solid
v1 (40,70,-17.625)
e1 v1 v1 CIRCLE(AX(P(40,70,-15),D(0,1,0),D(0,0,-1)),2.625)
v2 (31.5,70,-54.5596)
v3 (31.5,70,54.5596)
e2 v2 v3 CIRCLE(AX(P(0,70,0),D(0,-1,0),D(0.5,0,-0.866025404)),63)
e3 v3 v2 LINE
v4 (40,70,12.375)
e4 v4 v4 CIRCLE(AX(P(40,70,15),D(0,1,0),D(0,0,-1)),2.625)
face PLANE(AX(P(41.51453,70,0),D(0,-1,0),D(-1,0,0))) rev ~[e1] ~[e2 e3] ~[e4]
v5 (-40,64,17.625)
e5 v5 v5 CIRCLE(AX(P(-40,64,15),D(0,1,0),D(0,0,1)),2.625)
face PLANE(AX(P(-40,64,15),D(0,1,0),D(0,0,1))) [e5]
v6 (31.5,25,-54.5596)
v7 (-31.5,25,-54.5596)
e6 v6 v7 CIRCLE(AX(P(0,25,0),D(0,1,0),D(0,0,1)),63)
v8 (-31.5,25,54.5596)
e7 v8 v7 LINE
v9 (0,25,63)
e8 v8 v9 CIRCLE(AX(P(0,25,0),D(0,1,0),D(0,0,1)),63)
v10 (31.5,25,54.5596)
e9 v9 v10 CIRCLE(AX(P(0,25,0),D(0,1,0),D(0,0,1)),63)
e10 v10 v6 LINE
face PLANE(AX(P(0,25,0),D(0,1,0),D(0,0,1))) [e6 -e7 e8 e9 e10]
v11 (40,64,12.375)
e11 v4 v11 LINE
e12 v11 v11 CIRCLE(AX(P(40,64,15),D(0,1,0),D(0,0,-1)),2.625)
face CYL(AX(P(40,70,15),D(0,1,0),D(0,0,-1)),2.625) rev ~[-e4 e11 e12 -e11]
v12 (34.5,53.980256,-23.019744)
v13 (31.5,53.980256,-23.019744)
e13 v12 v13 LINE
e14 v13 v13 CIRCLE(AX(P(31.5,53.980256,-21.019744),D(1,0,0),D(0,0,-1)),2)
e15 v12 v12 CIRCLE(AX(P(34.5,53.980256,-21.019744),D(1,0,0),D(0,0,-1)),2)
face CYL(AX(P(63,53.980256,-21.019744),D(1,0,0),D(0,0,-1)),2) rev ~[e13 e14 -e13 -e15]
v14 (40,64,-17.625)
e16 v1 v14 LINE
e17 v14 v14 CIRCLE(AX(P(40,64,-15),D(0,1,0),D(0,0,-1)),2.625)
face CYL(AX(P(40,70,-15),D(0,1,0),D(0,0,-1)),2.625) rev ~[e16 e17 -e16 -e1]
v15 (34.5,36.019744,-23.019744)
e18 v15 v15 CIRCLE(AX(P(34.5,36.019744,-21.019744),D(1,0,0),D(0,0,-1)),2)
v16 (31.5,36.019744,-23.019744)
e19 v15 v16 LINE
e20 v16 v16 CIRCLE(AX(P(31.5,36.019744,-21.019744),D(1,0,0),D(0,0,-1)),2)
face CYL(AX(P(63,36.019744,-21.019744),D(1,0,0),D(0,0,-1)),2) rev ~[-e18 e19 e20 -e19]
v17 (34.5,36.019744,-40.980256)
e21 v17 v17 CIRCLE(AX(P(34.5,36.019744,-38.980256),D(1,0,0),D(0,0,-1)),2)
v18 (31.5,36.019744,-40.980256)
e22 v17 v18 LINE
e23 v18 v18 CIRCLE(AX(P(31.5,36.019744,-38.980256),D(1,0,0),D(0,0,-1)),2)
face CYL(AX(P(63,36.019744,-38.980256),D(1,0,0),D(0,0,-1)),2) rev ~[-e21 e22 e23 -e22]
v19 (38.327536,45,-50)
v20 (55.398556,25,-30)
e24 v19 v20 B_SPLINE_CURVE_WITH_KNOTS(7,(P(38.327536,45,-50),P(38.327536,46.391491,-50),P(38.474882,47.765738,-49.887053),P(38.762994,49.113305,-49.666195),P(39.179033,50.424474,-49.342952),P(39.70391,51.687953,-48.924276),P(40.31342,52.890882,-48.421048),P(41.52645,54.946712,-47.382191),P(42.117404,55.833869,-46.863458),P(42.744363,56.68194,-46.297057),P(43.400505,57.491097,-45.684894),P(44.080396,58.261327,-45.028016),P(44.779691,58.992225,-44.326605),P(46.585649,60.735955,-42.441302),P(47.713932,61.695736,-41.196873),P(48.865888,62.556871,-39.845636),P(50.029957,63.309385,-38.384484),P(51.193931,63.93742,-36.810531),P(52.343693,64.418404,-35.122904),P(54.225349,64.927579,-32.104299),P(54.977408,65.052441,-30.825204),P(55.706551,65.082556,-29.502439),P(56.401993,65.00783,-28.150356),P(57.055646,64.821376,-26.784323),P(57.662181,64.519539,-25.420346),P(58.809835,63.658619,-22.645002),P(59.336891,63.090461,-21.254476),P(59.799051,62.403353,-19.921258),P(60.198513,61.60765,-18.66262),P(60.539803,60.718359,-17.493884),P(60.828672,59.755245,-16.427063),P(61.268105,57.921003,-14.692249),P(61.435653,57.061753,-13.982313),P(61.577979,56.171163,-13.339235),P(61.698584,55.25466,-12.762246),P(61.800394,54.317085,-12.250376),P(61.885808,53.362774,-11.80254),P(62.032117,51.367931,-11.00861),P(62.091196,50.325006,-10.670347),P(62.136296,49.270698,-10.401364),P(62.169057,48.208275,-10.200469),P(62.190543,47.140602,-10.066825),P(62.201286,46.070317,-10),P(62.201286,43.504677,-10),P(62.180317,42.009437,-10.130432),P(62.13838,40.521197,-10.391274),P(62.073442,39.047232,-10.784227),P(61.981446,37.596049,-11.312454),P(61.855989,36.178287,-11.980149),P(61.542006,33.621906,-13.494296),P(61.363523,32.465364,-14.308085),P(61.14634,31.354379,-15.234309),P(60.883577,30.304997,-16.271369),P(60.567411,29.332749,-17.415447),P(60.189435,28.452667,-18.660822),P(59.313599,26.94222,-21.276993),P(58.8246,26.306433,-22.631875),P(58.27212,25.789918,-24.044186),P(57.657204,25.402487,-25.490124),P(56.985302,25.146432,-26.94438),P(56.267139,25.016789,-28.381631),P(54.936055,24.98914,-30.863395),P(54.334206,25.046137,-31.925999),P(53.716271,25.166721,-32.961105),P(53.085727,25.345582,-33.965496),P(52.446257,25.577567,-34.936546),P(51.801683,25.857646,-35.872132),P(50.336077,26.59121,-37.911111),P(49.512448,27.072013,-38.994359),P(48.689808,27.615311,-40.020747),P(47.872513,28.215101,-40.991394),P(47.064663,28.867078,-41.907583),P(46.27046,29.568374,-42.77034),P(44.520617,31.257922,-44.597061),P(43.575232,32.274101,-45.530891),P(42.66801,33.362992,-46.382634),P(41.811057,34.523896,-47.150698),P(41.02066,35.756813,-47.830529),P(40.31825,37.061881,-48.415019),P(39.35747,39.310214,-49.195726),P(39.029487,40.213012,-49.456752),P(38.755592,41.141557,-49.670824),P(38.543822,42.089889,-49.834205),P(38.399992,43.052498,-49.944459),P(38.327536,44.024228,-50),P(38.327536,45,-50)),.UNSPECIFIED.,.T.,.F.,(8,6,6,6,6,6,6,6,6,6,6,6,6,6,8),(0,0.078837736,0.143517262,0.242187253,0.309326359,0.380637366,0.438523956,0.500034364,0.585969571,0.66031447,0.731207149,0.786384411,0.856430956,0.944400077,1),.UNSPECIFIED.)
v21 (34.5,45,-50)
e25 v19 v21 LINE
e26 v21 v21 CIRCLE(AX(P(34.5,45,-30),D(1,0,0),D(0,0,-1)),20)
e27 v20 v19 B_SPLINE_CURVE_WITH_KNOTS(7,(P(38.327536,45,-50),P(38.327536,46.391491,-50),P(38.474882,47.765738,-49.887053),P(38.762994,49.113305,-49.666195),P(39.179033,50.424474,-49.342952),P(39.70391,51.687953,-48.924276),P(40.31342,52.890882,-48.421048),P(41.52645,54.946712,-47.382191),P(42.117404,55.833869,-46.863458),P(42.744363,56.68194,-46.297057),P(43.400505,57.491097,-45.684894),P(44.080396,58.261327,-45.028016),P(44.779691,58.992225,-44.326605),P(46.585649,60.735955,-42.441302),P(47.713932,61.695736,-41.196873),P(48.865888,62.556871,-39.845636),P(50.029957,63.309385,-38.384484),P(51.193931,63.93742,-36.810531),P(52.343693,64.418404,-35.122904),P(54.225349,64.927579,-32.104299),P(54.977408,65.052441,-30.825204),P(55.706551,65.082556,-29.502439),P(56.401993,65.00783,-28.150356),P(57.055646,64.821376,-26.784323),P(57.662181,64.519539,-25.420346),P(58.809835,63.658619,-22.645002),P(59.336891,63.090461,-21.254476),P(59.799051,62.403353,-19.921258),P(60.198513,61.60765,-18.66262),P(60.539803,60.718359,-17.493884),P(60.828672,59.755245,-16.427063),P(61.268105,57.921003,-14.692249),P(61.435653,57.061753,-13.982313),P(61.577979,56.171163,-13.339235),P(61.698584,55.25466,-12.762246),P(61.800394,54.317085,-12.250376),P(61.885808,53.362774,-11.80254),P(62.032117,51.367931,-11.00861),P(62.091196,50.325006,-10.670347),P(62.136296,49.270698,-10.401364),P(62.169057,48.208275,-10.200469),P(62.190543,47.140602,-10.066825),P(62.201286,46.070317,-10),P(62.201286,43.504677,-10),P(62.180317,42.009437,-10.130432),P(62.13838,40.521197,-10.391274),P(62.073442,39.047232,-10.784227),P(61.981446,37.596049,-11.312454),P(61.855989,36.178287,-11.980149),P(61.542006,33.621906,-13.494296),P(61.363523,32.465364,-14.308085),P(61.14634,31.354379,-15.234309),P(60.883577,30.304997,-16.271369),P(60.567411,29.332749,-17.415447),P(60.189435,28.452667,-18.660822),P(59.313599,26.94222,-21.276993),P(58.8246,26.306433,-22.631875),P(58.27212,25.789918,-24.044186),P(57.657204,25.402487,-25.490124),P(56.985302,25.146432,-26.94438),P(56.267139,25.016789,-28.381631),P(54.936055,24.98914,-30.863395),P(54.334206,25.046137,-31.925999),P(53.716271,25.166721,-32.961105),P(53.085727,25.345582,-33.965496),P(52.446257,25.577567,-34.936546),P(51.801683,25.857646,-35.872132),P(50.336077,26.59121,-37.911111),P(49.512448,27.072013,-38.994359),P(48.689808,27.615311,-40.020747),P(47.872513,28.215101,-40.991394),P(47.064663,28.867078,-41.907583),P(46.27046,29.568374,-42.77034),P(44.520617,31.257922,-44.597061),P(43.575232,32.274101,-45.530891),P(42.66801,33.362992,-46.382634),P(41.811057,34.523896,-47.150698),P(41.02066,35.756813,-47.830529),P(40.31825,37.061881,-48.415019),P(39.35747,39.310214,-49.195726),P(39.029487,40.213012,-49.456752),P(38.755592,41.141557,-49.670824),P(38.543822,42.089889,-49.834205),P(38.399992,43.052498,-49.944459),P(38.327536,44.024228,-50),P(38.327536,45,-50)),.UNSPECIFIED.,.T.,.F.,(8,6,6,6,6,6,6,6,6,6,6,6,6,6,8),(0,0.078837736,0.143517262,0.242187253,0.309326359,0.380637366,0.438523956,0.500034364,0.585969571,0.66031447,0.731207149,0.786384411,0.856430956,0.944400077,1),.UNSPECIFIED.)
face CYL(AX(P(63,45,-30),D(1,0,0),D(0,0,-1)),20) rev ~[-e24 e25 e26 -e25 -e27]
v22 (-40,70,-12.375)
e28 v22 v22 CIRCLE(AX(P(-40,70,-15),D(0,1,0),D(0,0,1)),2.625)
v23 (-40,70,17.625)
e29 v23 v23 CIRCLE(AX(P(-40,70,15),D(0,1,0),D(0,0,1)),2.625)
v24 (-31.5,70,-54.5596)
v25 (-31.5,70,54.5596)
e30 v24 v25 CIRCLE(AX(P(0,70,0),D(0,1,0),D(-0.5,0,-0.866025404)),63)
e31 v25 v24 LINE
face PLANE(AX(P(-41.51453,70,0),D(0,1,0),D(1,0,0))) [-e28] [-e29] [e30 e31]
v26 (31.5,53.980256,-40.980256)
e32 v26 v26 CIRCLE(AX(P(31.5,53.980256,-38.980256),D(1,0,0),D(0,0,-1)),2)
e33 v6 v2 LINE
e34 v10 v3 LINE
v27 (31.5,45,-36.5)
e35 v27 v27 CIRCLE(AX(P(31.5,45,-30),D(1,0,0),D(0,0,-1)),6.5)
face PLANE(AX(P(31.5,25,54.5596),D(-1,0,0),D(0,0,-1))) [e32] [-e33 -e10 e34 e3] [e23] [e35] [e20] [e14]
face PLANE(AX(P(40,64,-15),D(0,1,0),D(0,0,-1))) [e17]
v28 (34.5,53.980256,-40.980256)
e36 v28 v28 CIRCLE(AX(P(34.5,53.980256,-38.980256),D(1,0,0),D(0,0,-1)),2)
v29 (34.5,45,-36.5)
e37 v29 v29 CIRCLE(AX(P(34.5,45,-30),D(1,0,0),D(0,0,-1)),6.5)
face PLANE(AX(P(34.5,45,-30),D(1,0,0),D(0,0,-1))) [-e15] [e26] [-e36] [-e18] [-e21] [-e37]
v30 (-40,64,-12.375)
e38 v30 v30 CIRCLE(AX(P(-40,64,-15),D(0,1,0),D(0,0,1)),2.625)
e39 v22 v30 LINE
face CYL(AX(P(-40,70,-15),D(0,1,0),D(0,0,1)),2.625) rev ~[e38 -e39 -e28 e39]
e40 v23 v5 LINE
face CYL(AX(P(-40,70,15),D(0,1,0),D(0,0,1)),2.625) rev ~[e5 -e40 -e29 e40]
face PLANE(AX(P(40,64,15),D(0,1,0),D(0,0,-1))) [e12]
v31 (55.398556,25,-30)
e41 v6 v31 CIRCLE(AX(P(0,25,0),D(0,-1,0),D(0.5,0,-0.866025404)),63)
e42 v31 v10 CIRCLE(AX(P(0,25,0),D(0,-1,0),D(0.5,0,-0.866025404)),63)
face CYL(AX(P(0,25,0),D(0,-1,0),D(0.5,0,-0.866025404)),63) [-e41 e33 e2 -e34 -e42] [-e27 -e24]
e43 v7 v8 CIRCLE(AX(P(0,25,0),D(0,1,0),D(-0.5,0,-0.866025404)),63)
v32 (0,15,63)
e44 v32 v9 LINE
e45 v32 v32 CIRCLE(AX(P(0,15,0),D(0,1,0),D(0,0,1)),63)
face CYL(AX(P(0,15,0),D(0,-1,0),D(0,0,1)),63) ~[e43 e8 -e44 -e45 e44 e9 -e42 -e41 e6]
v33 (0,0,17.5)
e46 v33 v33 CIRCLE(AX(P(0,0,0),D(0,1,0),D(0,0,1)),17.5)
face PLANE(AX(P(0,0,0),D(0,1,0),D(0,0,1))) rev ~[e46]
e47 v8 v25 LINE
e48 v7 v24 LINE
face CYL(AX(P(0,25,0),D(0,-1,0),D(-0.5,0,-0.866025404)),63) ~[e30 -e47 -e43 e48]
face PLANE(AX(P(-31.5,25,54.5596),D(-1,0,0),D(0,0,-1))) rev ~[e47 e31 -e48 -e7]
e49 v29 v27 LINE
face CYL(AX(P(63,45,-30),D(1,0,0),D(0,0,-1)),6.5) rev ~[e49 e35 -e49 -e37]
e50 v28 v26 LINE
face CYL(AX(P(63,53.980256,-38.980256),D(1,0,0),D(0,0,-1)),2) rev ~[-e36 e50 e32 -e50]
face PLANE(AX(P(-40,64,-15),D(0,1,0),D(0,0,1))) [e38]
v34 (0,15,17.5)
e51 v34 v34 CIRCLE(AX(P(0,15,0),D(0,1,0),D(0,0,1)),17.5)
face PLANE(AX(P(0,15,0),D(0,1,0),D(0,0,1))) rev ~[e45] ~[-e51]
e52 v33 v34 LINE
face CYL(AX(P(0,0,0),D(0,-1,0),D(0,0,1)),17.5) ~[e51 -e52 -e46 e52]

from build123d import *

# Parameters (mm, degrees)
SKETCH1_R           = 17.5
BOSS_EXTRUDE1_DEPTH = 15
SKETCH2_R           = 63
BOSS_EXTRUDE2_DEPTH = 10
BOSS_EXTRUDE3_DEPTH = 45
SKETCH5_R           = 2.625
CUT_EXTRUDE1_DEPTH  = 6
SKETCH7_R           = 20
CUT_EXTRUDE2_DEPTH  = 28.5
SKETCH9_R           = 2
SKETCH9_R_2         = 6.5
CUT_EXTRUDE3_DEPTH  = 31.5


with BuildPart() as part:
    # Sketch1 → Boss-Extrude1 (new body)
    with BuildSketch(Plane(origin=(0, 0, 0), x_dir=(1, 0, 0), z_dir=(0, 1, 0))):
        with Locations(Location((0, 0, 0), (0, 0, 270))):
            Circle(SKETCH1_R)
    extrude(amount=BOSS_EXTRUDE1_DEPTH)

    # Sketch2 → Boss-Extrude2 (add)
    with BuildSketch(Plane(origin=(0, 15, 0), x_dir=(1, 0, 0), z_dir=(0, 1, 0))):
        with Locations(Location((0, 0, 0), (0, 0, 270))):
            Circle(SKETCH2_R)
    extrude(amount=BOSS_EXTRUDE2_DEPTH)

    # Sketch4 → Boss-Extrude3 (add)
    with BuildSketch(Plane(origin=(0, 25, 0), x_dir=(1, 0, 0), z_dir=(0, 1, 0))):
        with BuildLine():
            Line((-31.5, 44), (-31.5, 54.559600438))
            ThreePointArc((-31.5, 54.559600438), (-63, 0), (-31.5, -54.559600438))
            Line((-31.5, -54.559600438), (-31.5, -44))
            Line((-31.5, -44), (-31.5, 44))
        make_face()
        with BuildLine():
            Line((31.5, -44), (31.5, 44))
            Line((31.5, 44), (31.5, 54.559600438))
            ThreePointArc((31.5, 54.559600438), (63, 0), (31.5, -54.559600438))
            Line((31.5, -54.559600438), (31.5, -44))
        make_face()
    extrude(amount=BOSS_EXTRUDE3_DEPTH)

    # Sketch5 → Cut-Extrude1 (cut)
    with BuildSketch(Plane(origin=(0, 70, 0), x_dir=(1, 0, 0), z_dir=(0, 1, 0))):
        with Locations(Location((-40, 15, 0), (0, 0, 270))):
            Circle(SKETCH5_R)
        with Locations(Location((-40, -15, 0), (0, 0, 270))):
            Circle(SKETCH5_R)
        with Locations(Location((40, -15, 0), (0, 0, 90))):
            Circle(SKETCH5_R)
        with Locations(Location((40, 15, 0), (0, 0, 90))):
            Circle(SKETCH5_R)
    extrude(amount=-CUT_EXTRUDE1_DEPTH, mode=Mode.SUBTRACT)

    # Sketch7 → Cut-Extrude2 (cut)
    with BuildSketch(Plane(origin=(63, 0, 0), x_dir=(0, 0, -1), z_dir=(1, 0, 0))):
        with Locations((30, 45)):
            Circle(SKETCH7_R)
    extrude(amount=-CUT_EXTRUDE2_DEPTH, mode=Mode.SUBTRACT)

    # Sketch9 → Cut-Extrude3 (cut)
    with BuildSketch(Plane(origin=(63, 0, 0), x_dir=(0, 0, -1), z_dir=(1, 0, 0))):
        with Locations((21.019743879, 36.019743879)):
            Circle(SKETCH9_R)
        with Locations((21.019743879, 53.980256121)):
            Circle(SKETCH9_R)
        with Locations((38.980256121, 53.980256121)):
            Circle(SKETCH9_R)
        with Locations((38.980256121, 36.019743879)):
            Circle(SKETCH9_R)
        with Locations((30, 45)):
            Circle(SKETCH9_R_2)
    extrude(amount=-CUT_EXTRUDE3_DEPTH, mode=Mode.SUBTRACT)


solid = part.part
